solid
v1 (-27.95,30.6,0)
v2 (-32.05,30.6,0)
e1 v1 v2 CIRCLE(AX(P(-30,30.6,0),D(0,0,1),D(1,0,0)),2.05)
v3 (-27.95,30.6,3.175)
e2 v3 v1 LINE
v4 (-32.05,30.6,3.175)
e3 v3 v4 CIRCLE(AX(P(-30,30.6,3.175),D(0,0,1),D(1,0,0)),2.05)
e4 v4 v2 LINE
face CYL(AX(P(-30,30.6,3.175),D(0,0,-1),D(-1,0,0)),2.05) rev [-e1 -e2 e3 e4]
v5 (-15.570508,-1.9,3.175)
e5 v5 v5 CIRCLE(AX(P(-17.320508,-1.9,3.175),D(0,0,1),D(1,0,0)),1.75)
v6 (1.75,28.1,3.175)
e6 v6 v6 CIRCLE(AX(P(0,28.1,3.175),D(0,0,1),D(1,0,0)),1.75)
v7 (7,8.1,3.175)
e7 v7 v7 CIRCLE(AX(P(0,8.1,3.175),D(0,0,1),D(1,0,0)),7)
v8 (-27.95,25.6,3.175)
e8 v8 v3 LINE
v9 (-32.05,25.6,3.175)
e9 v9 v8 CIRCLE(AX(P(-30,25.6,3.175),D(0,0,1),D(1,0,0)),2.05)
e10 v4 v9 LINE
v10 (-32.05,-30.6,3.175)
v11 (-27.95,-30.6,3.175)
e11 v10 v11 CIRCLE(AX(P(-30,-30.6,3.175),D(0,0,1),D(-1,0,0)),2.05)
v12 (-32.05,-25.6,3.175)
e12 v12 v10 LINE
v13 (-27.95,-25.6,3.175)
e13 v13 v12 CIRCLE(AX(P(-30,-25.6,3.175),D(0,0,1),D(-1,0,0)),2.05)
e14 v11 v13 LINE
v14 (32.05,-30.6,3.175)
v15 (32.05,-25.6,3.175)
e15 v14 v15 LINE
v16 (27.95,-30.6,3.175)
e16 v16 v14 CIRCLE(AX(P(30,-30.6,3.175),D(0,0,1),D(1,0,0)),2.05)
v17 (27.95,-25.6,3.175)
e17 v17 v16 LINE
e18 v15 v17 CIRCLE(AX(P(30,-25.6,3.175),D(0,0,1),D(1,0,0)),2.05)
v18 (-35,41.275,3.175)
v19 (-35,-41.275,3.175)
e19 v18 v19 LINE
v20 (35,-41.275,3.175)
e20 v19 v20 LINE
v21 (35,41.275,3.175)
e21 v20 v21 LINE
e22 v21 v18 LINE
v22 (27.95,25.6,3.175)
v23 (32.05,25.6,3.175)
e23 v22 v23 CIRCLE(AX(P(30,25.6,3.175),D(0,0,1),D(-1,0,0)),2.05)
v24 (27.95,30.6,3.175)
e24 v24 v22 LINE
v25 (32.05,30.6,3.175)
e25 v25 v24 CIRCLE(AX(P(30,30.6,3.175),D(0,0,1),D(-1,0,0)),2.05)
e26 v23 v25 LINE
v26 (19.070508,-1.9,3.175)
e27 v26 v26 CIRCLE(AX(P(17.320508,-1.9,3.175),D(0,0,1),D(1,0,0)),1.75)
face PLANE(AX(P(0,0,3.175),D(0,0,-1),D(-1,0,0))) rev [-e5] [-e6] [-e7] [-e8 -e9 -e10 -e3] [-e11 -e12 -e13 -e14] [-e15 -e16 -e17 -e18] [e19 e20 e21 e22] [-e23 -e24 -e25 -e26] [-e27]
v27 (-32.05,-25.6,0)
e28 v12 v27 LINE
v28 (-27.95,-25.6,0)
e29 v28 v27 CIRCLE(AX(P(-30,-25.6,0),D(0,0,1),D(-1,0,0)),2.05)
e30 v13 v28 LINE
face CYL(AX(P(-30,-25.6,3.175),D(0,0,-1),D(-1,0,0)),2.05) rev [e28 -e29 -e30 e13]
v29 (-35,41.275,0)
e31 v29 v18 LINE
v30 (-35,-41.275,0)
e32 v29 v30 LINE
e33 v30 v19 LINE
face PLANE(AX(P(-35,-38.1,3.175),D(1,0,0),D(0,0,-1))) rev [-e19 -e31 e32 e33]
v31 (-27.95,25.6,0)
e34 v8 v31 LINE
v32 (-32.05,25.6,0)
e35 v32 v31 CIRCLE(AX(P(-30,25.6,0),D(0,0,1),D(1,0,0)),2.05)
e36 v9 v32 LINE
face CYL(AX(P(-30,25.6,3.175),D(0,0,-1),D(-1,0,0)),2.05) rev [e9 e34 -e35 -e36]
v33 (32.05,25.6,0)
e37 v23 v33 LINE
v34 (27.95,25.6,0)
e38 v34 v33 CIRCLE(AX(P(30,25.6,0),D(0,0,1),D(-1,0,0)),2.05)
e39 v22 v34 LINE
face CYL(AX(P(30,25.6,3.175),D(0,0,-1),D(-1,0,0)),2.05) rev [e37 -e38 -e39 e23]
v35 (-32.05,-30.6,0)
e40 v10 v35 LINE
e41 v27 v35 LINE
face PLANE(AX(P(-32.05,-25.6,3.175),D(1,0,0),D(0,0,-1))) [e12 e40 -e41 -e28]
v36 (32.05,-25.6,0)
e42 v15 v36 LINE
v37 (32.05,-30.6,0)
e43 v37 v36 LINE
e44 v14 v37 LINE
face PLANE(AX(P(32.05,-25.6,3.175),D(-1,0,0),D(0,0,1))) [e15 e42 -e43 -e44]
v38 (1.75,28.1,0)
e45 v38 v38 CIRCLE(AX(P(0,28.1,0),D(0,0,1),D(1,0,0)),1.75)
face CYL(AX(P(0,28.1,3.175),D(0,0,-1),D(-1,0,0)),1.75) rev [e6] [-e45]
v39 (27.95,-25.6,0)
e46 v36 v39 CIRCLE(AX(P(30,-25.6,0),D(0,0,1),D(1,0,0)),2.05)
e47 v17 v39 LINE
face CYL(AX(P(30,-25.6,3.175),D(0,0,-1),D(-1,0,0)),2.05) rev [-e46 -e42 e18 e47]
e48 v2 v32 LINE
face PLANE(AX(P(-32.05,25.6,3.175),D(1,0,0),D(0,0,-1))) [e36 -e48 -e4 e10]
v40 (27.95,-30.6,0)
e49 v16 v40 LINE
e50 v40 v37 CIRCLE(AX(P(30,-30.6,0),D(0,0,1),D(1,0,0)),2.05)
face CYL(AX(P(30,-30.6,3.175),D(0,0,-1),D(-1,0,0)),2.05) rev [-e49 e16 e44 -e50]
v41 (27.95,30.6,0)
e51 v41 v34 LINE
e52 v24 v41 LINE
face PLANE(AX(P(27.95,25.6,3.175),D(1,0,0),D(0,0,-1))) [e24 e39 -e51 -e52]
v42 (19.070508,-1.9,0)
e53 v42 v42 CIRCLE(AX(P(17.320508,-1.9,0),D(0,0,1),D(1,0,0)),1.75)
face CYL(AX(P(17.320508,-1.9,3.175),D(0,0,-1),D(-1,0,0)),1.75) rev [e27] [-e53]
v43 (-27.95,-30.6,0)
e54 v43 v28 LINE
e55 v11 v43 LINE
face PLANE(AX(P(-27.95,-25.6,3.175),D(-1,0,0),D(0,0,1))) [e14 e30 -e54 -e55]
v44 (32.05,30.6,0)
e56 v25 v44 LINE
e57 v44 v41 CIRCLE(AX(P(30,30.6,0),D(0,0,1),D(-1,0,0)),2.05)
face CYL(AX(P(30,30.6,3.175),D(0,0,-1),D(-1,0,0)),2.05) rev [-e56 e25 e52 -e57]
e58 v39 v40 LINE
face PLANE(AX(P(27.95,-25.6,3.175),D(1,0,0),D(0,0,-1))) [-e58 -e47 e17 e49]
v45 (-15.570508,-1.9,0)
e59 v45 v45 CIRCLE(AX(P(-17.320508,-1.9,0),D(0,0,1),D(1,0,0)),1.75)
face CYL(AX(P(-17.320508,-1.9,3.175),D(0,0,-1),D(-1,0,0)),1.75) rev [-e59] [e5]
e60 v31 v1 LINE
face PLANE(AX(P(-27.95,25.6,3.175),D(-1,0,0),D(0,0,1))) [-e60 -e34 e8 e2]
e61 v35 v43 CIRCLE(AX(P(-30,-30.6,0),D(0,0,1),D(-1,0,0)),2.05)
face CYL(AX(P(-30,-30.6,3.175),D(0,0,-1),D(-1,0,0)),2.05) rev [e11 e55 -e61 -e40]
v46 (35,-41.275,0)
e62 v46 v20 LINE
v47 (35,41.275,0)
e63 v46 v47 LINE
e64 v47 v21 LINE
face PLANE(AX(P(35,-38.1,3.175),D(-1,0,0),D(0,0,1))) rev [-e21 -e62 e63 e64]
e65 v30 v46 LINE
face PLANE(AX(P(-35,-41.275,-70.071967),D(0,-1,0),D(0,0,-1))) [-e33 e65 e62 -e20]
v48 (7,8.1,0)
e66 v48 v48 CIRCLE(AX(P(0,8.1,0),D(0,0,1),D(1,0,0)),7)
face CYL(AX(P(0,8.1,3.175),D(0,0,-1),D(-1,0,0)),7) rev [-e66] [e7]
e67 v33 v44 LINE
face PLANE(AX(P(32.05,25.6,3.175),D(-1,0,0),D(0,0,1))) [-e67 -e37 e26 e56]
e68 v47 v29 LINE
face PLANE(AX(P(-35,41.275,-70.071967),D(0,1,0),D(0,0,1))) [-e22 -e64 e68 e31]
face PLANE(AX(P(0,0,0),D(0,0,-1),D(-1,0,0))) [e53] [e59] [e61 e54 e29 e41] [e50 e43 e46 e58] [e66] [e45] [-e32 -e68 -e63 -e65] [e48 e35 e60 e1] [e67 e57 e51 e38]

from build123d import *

# Parameters (mm, degrees)
SKETCH1_W           = 70
SKETCH1_H           = 76.2
SKETCH1_R           = 1.75
SKETCH1_R_2         = 7
BOSS_EXTRUDE1_DEPTH = 3.175
SKETCH3_W           = 70
SKETCH3_H           = 3.175
BOSS_EXTRUDE2_DEPTH = 3.175


with BuildPart() as part:
    # Sketch1 → Boss-Extrude1 (new body)
    with BuildSketch(Plane.XY):
        Rectangle(SKETCH1_W, SKETCH1_H)
        with Locations((0, 28.1)):
            Circle(SKETCH1_R, mode=Mode.SUBTRACT)
        with Locations((17.320508076, -1.9)):
            Circle(SKETCH1_R, mode=Mode.SUBTRACT)
        with Locations((-17.320508076, -1.9)):
            Circle(SKETCH1_R, mode=Mode.SUBTRACT)
        with Locations((0, 8.1)):
            Circle(SKETCH1_R_2, mode=Mode.SUBTRACT)
        with BuildLine():
            Line((-32.05, 25.6), (-32.05, 30.6))
            ThreePointArc((-32.05, 30.6), (-30, 32.65), (-27.95, 30.6))
            Line((-27.95, 30.6), (-27.95, 25.6))
            ThreePointArc((-27.95, 25.6), (-30, 23.55), (-32.05, 25.6))
        make_face(mode=Mode.SUBTRACT)
        with BuildLine():
            Line((32.05, 25.6), (32.05, 30.6))
            ThreePointArc((32.05, 30.6), (30, 32.65), (27.95, 30.6))
            Line((27.95, 30.6), (27.95, 25.6))
            ThreePointArc((27.95, 25.6), (30, 23.55), (32.05, 25.6))
        make_face(mode=Mode.SUBTRACT)
        with BuildLine():
            Line((-32.05, -25.6), (-32.05, -30.6))
            ThreePointArc((-32.05, -30.6), (-30, -32.65), (-27.95, -30.6))
            Line((-27.95, -30.6), (-27.95, -25.6))
            ThreePointArc((-27.95, -25.6), (-30, -23.55), (-32.05, -25.6))
        make_face(mode=Mode.SUBTRACT)
        with BuildLine():
            Line((32.05, -25.6), (32.05, -30.6))
            ThreePointArc((32.05, -30.6), (30, -32.65), (27.95, -30.6))
            Line((27.95, -30.6), (27.95, -25.6))
            ThreePointArc((27.95, -25.6), (30, -23.55), (32.05, -25.6))
        make_face(mode=Mode.SUBTRACT)
    extrude(amount=BOSS_EXTRUDE1_DEPTH)

    # Sketch3 → Boss-Extrude2 (add)
    with BuildSketch(Plane.XY.offset(3.175)):
        with Locations((0, 39.6875)):
            Rectangle(SKETCH3_W, SKETCH3_H)
        with Locations((0, -39.6875)):
            Rectangle(SKETCH3_W, SKETCH3_H)
    extrude(amount=-BOSS_EXTRUDE2_DEPTH)


solid = part.part
